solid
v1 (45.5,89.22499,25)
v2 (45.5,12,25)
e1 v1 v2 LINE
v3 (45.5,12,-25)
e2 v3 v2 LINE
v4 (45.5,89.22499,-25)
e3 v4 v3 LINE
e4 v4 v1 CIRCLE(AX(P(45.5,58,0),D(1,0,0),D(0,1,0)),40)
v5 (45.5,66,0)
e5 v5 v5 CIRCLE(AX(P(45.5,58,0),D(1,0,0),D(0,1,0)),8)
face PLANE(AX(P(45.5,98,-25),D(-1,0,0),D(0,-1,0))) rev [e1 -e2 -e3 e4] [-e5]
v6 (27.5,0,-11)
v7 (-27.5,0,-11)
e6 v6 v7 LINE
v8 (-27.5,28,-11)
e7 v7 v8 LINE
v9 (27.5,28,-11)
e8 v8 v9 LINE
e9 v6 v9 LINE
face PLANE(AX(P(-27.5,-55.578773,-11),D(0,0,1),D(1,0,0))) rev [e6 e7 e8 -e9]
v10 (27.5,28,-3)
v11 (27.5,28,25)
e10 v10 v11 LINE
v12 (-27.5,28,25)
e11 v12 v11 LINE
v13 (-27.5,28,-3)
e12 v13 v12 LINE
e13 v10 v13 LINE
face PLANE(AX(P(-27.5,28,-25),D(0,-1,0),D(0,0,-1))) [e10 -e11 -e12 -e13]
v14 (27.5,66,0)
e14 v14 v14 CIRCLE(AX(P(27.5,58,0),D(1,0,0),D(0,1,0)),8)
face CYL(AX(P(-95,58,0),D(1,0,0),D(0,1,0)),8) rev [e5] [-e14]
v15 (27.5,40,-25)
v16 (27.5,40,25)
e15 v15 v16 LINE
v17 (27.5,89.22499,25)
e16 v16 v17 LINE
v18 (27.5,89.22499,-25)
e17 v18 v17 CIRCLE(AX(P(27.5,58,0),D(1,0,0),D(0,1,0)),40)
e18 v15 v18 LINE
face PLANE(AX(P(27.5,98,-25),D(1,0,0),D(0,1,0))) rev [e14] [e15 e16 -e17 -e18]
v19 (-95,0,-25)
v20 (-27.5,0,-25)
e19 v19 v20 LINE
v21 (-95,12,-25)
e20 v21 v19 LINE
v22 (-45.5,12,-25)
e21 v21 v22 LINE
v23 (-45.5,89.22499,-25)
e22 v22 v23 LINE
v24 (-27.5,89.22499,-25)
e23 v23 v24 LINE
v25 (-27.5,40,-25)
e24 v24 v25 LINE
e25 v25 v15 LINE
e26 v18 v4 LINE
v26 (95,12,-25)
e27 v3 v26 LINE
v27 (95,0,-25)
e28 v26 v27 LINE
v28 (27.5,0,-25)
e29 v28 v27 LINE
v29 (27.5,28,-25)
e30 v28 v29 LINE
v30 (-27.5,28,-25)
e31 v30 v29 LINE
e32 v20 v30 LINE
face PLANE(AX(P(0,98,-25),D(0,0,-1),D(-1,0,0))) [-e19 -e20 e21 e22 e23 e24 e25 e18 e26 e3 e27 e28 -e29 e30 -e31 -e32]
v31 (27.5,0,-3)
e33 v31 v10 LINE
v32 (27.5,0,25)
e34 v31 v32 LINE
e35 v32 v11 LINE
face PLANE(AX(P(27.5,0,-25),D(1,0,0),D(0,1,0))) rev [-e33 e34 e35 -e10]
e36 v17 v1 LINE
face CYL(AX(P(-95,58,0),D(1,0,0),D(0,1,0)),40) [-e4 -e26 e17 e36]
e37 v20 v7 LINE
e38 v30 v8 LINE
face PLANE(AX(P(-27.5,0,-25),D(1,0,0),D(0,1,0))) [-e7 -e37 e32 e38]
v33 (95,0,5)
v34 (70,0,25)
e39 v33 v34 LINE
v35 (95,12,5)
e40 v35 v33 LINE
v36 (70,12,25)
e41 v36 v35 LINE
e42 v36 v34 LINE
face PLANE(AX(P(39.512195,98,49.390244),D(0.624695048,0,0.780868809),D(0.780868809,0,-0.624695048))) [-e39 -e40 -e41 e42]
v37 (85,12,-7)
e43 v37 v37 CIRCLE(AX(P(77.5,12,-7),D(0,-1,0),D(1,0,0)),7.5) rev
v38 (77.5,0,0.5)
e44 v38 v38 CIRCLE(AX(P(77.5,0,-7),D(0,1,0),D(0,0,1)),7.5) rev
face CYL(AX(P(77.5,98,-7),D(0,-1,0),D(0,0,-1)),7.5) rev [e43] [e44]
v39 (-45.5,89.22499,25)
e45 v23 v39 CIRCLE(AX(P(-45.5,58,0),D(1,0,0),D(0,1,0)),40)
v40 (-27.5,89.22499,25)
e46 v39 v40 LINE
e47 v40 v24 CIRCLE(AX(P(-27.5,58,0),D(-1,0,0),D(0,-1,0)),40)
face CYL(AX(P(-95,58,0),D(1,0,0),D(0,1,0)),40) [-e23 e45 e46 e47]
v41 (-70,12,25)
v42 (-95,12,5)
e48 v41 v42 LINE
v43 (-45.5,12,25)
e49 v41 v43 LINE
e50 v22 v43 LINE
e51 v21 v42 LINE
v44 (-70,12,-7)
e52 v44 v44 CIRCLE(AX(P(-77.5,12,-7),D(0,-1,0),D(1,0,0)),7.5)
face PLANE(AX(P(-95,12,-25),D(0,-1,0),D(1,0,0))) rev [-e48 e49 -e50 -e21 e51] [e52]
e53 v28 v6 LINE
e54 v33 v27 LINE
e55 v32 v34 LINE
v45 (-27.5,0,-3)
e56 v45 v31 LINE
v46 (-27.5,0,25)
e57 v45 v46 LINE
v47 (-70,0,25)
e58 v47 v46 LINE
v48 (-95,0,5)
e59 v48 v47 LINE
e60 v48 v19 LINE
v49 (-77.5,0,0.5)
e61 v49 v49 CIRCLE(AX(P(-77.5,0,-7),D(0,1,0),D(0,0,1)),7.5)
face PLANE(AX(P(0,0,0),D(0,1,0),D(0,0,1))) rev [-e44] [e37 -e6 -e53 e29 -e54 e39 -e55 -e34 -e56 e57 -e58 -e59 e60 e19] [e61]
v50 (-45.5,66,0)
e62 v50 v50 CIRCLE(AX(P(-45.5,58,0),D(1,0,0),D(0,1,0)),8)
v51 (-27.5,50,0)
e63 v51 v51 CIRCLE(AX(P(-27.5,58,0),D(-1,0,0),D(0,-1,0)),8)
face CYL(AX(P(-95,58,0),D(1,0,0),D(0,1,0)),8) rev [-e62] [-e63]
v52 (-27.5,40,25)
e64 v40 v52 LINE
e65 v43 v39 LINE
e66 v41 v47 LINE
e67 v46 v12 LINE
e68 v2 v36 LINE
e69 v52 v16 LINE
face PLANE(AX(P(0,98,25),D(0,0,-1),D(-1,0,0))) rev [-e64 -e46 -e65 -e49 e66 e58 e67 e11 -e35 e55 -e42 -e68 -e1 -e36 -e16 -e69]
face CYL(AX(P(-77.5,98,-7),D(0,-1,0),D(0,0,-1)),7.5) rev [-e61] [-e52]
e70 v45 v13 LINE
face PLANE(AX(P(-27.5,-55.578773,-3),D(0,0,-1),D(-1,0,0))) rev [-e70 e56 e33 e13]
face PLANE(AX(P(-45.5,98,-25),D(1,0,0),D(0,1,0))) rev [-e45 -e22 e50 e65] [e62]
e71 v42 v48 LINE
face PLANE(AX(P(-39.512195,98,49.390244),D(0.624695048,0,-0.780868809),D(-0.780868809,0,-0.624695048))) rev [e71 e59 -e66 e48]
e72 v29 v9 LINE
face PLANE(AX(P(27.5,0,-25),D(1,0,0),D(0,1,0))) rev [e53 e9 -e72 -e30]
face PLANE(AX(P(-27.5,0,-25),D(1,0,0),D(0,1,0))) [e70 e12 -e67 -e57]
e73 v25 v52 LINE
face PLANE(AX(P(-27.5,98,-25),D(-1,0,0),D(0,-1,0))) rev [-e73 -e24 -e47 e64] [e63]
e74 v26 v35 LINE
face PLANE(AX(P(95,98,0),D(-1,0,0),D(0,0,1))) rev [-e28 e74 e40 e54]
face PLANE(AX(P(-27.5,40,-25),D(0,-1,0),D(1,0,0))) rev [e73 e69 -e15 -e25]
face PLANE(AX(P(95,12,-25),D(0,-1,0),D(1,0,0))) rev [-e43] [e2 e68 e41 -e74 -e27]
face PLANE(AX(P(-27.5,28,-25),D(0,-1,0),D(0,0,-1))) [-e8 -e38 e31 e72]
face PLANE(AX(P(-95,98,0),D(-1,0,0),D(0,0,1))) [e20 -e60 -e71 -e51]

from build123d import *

# Parameters (mm, degrees)
SKETCH1_R           = 7.5
BOSS_EXTRUDE1_DEPTH = 98
SKETCH2_W           = 49.5
SKETCH2_H           = 86
SKETCH2_W_2         = 55
SKETCH2_H_2         = 58
CUT_EXTRUDE1_DEPTH  = 51
SKETCH3_W           = 55
SKETCH3_H           = 28
CUT_EXTRUDE2_DEPTH  = 51
SKETCH4_W           = 55
SKETCH4_H           = 8
BOSS_EXTRUDE2_DEPTH = 28
SKETCH5_R           = 8
CUT_EXTRUDE3_DEPTH  = 141.5


with BuildPart() as part:
    # Sketch1 → Boss-Extrude1 (new body)
    with BuildSketch(Plane(origin=(0, 0, 0), x_dir=(1, 0, 0), z_dir=(0, 1, 0))):
        Polygon((-95, 25), (-95, -5), (-70, -25), (70, -25), (95, -5), (95, 25), align=None)
        with Locations((-77.5, 7)):
            Circle(SKETCH1_R, mode=Mode.SUBTRACT)
        with Locations((77.5, 7)):
            Circle(SKETCH1_R, mode=Mode.SUBTRACT)
    extrude(amount=BOSS_EXTRUDE1_DEPTH)

    # Sketch2 → Cut-Extrude1 (cut, through all)
    with BuildSketch(Plane.XY.offset(25)):
        with Locations((-70.25, 55)):
            Rectangle(SKETCH2_W, SKETCH2_H)
        with Locations((70.25, 55)):
            Rectangle(SKETCH2_W, SKETCH2_H)
        with Locations((0, 69)):
            Rectangle(SKETCH2_W_2, SKETCH2_H_2)
    extrude(amount=-CUT_EXTRUDE1_DEPTH, mode=Mode.SUBTRACT)

    # Sketch3 → Cut-Extrude2 (cut, through all)
    with BuildSketch(Plane.XY.offset(25)):
        with Locations((0, 14)):
            Rectangle(SKETCH3_W, SKETCH3_H)
    extrude(amount=-CUT_EXTRUDE2_DEPTH, mode=Mode.SUBTRACT)

    # Sketch4 → Boss-Extrude2 (add)
    with BuildSketch(Plane.XZ.offset(-28)):
        with Locations((0, -7)):
            Rectangle(SKETCH4_W, SKETCH4_H)
    extrude(amount=BOSS_EXTRUDE2_DEPTH)

    # Sketch5 → Cut-Extrude3 (cut, through all)
    with BuildSketch(Plane(origin=(45.5, 0, 0), x_dir=(0, 0, -1), z_dir=(1, 0, 0))):
        with BuildLine():
            ThreePointArc((2.26e-07, 98), (13.247648961, 95.742546244), (25, 89.224989992))
            Line((25, 89.224989992), (25, 98))
            Line((25, 98), (2.26e-07, 98))
        make_face()
        with BuildLine():
            ThreePointArc((-25, 89.224989992), (-13.247648747, 95.742546319), (2.26e-07, 98))
            Line((2.26e-07, 98), (-25, 98))
            Line((-25, 98), (-25, 89.224989992))
        make_face()
        with Locations((0, 58)):
            Circle(SKETCH5_R)
    extrude(amount=-CUT_EXTRUDE3_DEPTH, mode=Mode.SUBTRACT)


solid = part.part
